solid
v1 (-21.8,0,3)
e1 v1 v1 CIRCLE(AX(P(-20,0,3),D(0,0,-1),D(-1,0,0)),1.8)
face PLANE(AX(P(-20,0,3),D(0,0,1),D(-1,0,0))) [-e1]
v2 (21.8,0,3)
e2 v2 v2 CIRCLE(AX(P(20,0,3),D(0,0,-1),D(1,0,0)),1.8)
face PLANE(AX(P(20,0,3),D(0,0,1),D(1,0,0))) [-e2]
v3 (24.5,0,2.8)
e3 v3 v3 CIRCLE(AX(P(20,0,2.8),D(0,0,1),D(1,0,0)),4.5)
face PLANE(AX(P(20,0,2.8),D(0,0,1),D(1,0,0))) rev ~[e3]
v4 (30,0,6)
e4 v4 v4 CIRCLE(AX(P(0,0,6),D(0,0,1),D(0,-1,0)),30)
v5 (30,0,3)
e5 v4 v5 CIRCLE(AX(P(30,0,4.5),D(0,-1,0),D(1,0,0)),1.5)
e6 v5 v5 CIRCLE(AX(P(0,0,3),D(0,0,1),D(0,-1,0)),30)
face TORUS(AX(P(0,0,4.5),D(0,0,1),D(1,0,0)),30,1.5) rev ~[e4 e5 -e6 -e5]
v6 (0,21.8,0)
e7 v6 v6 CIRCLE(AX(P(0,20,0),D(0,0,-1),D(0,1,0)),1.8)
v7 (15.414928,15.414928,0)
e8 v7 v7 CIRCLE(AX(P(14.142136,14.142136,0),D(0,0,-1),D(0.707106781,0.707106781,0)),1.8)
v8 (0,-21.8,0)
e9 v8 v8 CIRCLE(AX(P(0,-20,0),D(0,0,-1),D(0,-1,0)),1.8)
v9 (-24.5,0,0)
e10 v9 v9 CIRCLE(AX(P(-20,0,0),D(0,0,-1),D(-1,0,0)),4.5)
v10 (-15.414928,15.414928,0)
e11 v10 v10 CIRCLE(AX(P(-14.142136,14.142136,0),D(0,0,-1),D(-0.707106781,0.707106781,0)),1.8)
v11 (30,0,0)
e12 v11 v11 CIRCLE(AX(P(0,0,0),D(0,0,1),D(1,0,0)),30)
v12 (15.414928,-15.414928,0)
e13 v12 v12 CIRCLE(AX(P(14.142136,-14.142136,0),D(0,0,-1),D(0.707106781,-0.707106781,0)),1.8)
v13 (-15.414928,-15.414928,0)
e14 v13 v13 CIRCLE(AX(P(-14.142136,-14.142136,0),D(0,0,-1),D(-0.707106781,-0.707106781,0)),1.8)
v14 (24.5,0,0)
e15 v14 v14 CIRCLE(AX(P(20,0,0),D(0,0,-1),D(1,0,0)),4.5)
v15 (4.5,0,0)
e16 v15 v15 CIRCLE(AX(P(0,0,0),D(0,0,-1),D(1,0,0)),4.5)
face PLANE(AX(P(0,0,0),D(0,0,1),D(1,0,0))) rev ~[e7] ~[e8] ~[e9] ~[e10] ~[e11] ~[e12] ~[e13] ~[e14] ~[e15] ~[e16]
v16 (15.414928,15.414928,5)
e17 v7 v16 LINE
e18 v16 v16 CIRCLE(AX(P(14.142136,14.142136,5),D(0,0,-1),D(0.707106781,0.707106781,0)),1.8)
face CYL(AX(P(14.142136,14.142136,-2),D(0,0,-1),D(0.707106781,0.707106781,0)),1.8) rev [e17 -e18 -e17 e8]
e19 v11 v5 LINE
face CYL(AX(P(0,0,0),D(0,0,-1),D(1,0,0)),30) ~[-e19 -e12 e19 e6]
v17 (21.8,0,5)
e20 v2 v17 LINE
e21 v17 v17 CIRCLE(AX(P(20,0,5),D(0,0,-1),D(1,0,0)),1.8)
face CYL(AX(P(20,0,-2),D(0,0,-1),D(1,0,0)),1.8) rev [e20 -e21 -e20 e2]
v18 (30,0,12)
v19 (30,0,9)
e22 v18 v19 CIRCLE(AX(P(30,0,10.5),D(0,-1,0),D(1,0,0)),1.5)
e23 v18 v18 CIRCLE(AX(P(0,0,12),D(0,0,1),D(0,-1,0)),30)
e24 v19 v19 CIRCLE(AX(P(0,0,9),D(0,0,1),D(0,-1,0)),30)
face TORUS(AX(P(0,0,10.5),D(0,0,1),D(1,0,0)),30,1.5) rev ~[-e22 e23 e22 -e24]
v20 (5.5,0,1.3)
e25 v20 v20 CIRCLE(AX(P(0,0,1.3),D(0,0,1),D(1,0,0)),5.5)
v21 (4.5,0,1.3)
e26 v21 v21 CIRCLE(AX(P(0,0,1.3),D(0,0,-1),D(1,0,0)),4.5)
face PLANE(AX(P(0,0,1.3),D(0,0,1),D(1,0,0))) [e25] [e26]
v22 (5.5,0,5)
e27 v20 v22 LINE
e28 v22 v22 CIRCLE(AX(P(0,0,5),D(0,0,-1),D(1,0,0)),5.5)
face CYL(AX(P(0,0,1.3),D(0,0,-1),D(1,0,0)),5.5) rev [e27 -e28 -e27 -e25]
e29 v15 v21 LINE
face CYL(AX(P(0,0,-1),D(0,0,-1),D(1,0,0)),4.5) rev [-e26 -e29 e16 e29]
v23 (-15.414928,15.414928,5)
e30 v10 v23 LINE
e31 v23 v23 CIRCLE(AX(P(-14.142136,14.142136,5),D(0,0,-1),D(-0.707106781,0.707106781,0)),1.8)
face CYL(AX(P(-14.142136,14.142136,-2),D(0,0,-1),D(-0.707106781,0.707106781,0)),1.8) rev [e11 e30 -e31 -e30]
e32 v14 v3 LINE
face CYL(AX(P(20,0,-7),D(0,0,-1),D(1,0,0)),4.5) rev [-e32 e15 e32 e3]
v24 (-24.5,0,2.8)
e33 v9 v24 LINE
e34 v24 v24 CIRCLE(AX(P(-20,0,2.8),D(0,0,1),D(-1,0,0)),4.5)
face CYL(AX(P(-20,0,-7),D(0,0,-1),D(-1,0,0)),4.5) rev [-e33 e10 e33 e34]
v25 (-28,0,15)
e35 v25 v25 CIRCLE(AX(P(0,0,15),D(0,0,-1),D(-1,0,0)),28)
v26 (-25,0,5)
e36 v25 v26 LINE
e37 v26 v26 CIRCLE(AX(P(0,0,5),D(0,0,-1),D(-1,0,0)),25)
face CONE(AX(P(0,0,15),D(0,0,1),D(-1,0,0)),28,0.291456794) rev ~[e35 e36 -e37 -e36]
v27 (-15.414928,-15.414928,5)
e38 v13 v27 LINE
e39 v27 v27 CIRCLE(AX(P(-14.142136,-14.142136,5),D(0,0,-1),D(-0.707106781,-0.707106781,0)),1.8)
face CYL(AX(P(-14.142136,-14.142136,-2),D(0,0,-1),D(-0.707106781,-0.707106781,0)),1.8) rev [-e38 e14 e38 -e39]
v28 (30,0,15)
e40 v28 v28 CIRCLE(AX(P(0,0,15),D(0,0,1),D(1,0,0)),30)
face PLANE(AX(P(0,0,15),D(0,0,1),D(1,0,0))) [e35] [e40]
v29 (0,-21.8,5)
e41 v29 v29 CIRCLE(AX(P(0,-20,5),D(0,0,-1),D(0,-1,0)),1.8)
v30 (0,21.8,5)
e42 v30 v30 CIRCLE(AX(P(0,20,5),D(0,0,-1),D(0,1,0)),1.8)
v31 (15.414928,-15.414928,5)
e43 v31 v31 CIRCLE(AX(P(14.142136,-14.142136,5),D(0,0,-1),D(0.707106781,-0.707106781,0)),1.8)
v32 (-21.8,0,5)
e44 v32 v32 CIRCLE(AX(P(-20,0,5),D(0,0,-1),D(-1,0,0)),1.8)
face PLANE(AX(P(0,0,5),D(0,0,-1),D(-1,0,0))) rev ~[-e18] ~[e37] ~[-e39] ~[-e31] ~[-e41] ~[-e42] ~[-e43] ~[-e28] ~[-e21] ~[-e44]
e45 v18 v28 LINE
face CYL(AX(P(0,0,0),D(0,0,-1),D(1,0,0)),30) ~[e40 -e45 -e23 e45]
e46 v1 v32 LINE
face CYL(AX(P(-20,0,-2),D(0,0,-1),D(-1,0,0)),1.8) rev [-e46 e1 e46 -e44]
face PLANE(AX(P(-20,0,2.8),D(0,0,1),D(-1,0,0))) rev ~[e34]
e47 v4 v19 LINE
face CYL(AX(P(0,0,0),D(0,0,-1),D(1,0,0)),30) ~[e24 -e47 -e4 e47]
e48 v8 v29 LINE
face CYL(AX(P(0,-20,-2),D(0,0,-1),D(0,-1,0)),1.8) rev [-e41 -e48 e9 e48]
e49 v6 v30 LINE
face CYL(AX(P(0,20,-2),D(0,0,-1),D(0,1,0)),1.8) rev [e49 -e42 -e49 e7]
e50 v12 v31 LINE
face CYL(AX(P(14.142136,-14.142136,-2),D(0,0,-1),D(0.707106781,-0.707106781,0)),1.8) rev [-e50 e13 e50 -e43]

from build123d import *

# Parameters (mm, degrees)
TORUS_R              = 1.5
ARRAY003_Z_COUNT     = 2
ARRAY003_Z_PITCH     = 6
CYLINDER004001_R     = 4.5
CYLINDER004001_DEPTH = 0.2
ARRAY002_COUNT       = 2
CYLINDER004_R        = 4.5
CYLINDER004_DEPTH    = 10
ARRAY001_COUNT       = 2
CYLINDER001_R        = 1.8
CYLINDER001_DEPTH    = 10
ARRAY_COUNT          = 8
CYLINDER003_R        = 4.5
CYLINDER003_DEPTH    = 14
CYLINDER002_R        = 5.5
CYLINDER002_DEPTH    = 10
CYLINDER_R           = 30
CYLINDER_DEPTH       = 15


with BuildPart() as array_torus:
    # Torus → Torus (revolve)
    with BuildSketch(Plane(origin=(0, 0, -1.5), x_dir=(1, 0, 0), z_dir=(0, -1, 0))):
        with Locations((30, 0)):
            Circle(TORUS_R)
    revolve(axis=Axis((0, 0, -1.5), (0, 0, 1)))

    # Array003 Z: Array_torus ×2


with BuildPart() as array_torus_1:
    add(array_torus.part)
    with Locations(*[(0, 0, i * ARRAY003_Z_PITCH) for i in range(1, ARRAY003_Z_COUNT)]):
        add(array_torus.part)


with BuildPart() as array_torus_2:
    # Array003 placement: moved
    add(array_torus_1.part.moved(Location((0, 0, 6))))


with BuildPart() as cap_cover_thin:
    # Cylinder004001 → Cylinder004001 (new body)
    with BuildSketch(Plane(origin=(20, 0, 0.8), x_dir=(1, 0, 0), z_dir=(0, 0, 1))):
        Circle(CYLINDER004001_R)
    extrude(amount=CYLINDER004001_DEPTH)

    # Array002: cap-cover-thin ×2 about axis
    array002_axis = Axis((0, 0, 0), (0, 0, 1))


with BuildPart() as cap_cover_thin_1:
    add(cap_cover_thin.part)
    for i in range(1, ARRAY002_COUNT):
        add(cap_cover_thin.part.rotate(array002_axis, i * 360 / ARRAY002_COUNT))


with BuildPart() as cap_cover_thin_2:
    # Array002 placement: moved
    add(cap_cover_thin_1.part.moved(Location((0, 0, 2))))


with BuildPart() as cutout_for_screws_cap:
    # Cylinder004 → Cylinder004 (new body)
    with BuildSketch(Plane(origin=(20, 0, -9), x_dir=(1, 0, 0), z_dir=(0, 0, 1))):
        Circle(CYLINDER004_R)
    extrude(amount=CYLINDER004_DEPTH)

    # Array001: Cutout-for-screws-cap ×2 about axis
    array001_axis = Axis((0, 0, 0), (0, 0, 1))


with BuildPart() as cutout_for_screws_cap_1:
    add(cutout_for_screws_cap.part)
    for i in range(1, ARRAY001_COUNT):
        add(cutout_for_screws_cap.part.rotate(array001_axis, i * 360 / ARRAY001_COUNT))


with BuildPart() as cutout_for_screws_cap_2:
    # Array001 placement: moved
    add(cutout_for_screws_cap_1.part.moved(Location((0, 0, 2))))


with BuildPart() as cylinders_array_drills:
    # Cylinder001 → Cylinder001 (new body)
    with BuildSketch(Plane(origin=(20, 0, -2), x_dir=(1, 0, 0), z_dir=(0, 0, 1))):
        Circle(CYLINDER001_R)
    extrude(amount=CYLINDER001_DEPTH)

    # Array: Cylinders-array-drills ×8 about axis
    array_axis = Axis((0, 0, 0), (0, 0, 1))


with BuildPart() as cylinders_array_drills_1:
    add(cylinders_array_drills.part)
    for i in range(1, ARRAY_COUNT):
        add(cylinders_array_drills.part.rotate(array_axis, i * 360 / ARRAY_COUNT))


with BuildPart() as cylinder_inner_shaft:
    # Cylinder003 → Cylinder003 (new body)
    with BuildSketch(Plane.XY.offset(-1)):
        Circle(CYLINDER003_R)
    extrude(amount=CYLINDER003_DEPTH)


with BuildPart() as inner_cutout_4_5mm:
    # Cylinder002 → Cylinder002 (new body)
    with BuildSketch(Plane.XY.offset(1.3)):
        Circle(CYLINDER002_R)
    extrude(amount=CYLINDER002_DEPTH)


with BuildPart() as conic_cutout:
    # Cone → Cone (revolve)
    with BuildSketch(Plane(origin=(0, 0, 15), x_dir=(-1, 0, 0), z_dir=(0, -1, 0))):
        Polygon((0, 0), (28, 0), (25, 10), (0, 10), align=None)
    revolve(axis=Axis((0, 0, 15), (0, 0, -1)))


with BuildPart() as wheel_rear:
    # Cylinder → Cylinder (new body)
    with BuildSketch(Plane.XY):
        Circle(CYLINDER_R)
    extrude(amount=CYLINDER_DEPTH)

    # Cut: cut conic-cutout
    add(conic_cutout.part, mode=Mode.SUBTRACT)

    # Cut001: cut inner-cutout-4.5mm
    add(inner_cutout_4_5mm.part, mode=Mode.SUBTRACT)

    # Cut002: cut cylinder-inner-shaft
    add(cylinder_inner_shaft.part, mode=Mode.SUBTRACT)

    # Cut003: cut Cylinders-array-drills
    add(cylinders_array_drills_1.part, mode=Mode.SUBTRACT)

    # Cut004: cut Cutout-for-screws-cap
    add(cutout_for_screws_cap_2.part, mode=Mode.SUBTRACT)

    # Fusion: union cap-cover-thin
    add(cap_cover_thin_2.part)

    # Cut005: cut Array_torus
    add(array_torus_2.part, mode=Mode.SUBTRACT)


solid = wheel_rear.part
